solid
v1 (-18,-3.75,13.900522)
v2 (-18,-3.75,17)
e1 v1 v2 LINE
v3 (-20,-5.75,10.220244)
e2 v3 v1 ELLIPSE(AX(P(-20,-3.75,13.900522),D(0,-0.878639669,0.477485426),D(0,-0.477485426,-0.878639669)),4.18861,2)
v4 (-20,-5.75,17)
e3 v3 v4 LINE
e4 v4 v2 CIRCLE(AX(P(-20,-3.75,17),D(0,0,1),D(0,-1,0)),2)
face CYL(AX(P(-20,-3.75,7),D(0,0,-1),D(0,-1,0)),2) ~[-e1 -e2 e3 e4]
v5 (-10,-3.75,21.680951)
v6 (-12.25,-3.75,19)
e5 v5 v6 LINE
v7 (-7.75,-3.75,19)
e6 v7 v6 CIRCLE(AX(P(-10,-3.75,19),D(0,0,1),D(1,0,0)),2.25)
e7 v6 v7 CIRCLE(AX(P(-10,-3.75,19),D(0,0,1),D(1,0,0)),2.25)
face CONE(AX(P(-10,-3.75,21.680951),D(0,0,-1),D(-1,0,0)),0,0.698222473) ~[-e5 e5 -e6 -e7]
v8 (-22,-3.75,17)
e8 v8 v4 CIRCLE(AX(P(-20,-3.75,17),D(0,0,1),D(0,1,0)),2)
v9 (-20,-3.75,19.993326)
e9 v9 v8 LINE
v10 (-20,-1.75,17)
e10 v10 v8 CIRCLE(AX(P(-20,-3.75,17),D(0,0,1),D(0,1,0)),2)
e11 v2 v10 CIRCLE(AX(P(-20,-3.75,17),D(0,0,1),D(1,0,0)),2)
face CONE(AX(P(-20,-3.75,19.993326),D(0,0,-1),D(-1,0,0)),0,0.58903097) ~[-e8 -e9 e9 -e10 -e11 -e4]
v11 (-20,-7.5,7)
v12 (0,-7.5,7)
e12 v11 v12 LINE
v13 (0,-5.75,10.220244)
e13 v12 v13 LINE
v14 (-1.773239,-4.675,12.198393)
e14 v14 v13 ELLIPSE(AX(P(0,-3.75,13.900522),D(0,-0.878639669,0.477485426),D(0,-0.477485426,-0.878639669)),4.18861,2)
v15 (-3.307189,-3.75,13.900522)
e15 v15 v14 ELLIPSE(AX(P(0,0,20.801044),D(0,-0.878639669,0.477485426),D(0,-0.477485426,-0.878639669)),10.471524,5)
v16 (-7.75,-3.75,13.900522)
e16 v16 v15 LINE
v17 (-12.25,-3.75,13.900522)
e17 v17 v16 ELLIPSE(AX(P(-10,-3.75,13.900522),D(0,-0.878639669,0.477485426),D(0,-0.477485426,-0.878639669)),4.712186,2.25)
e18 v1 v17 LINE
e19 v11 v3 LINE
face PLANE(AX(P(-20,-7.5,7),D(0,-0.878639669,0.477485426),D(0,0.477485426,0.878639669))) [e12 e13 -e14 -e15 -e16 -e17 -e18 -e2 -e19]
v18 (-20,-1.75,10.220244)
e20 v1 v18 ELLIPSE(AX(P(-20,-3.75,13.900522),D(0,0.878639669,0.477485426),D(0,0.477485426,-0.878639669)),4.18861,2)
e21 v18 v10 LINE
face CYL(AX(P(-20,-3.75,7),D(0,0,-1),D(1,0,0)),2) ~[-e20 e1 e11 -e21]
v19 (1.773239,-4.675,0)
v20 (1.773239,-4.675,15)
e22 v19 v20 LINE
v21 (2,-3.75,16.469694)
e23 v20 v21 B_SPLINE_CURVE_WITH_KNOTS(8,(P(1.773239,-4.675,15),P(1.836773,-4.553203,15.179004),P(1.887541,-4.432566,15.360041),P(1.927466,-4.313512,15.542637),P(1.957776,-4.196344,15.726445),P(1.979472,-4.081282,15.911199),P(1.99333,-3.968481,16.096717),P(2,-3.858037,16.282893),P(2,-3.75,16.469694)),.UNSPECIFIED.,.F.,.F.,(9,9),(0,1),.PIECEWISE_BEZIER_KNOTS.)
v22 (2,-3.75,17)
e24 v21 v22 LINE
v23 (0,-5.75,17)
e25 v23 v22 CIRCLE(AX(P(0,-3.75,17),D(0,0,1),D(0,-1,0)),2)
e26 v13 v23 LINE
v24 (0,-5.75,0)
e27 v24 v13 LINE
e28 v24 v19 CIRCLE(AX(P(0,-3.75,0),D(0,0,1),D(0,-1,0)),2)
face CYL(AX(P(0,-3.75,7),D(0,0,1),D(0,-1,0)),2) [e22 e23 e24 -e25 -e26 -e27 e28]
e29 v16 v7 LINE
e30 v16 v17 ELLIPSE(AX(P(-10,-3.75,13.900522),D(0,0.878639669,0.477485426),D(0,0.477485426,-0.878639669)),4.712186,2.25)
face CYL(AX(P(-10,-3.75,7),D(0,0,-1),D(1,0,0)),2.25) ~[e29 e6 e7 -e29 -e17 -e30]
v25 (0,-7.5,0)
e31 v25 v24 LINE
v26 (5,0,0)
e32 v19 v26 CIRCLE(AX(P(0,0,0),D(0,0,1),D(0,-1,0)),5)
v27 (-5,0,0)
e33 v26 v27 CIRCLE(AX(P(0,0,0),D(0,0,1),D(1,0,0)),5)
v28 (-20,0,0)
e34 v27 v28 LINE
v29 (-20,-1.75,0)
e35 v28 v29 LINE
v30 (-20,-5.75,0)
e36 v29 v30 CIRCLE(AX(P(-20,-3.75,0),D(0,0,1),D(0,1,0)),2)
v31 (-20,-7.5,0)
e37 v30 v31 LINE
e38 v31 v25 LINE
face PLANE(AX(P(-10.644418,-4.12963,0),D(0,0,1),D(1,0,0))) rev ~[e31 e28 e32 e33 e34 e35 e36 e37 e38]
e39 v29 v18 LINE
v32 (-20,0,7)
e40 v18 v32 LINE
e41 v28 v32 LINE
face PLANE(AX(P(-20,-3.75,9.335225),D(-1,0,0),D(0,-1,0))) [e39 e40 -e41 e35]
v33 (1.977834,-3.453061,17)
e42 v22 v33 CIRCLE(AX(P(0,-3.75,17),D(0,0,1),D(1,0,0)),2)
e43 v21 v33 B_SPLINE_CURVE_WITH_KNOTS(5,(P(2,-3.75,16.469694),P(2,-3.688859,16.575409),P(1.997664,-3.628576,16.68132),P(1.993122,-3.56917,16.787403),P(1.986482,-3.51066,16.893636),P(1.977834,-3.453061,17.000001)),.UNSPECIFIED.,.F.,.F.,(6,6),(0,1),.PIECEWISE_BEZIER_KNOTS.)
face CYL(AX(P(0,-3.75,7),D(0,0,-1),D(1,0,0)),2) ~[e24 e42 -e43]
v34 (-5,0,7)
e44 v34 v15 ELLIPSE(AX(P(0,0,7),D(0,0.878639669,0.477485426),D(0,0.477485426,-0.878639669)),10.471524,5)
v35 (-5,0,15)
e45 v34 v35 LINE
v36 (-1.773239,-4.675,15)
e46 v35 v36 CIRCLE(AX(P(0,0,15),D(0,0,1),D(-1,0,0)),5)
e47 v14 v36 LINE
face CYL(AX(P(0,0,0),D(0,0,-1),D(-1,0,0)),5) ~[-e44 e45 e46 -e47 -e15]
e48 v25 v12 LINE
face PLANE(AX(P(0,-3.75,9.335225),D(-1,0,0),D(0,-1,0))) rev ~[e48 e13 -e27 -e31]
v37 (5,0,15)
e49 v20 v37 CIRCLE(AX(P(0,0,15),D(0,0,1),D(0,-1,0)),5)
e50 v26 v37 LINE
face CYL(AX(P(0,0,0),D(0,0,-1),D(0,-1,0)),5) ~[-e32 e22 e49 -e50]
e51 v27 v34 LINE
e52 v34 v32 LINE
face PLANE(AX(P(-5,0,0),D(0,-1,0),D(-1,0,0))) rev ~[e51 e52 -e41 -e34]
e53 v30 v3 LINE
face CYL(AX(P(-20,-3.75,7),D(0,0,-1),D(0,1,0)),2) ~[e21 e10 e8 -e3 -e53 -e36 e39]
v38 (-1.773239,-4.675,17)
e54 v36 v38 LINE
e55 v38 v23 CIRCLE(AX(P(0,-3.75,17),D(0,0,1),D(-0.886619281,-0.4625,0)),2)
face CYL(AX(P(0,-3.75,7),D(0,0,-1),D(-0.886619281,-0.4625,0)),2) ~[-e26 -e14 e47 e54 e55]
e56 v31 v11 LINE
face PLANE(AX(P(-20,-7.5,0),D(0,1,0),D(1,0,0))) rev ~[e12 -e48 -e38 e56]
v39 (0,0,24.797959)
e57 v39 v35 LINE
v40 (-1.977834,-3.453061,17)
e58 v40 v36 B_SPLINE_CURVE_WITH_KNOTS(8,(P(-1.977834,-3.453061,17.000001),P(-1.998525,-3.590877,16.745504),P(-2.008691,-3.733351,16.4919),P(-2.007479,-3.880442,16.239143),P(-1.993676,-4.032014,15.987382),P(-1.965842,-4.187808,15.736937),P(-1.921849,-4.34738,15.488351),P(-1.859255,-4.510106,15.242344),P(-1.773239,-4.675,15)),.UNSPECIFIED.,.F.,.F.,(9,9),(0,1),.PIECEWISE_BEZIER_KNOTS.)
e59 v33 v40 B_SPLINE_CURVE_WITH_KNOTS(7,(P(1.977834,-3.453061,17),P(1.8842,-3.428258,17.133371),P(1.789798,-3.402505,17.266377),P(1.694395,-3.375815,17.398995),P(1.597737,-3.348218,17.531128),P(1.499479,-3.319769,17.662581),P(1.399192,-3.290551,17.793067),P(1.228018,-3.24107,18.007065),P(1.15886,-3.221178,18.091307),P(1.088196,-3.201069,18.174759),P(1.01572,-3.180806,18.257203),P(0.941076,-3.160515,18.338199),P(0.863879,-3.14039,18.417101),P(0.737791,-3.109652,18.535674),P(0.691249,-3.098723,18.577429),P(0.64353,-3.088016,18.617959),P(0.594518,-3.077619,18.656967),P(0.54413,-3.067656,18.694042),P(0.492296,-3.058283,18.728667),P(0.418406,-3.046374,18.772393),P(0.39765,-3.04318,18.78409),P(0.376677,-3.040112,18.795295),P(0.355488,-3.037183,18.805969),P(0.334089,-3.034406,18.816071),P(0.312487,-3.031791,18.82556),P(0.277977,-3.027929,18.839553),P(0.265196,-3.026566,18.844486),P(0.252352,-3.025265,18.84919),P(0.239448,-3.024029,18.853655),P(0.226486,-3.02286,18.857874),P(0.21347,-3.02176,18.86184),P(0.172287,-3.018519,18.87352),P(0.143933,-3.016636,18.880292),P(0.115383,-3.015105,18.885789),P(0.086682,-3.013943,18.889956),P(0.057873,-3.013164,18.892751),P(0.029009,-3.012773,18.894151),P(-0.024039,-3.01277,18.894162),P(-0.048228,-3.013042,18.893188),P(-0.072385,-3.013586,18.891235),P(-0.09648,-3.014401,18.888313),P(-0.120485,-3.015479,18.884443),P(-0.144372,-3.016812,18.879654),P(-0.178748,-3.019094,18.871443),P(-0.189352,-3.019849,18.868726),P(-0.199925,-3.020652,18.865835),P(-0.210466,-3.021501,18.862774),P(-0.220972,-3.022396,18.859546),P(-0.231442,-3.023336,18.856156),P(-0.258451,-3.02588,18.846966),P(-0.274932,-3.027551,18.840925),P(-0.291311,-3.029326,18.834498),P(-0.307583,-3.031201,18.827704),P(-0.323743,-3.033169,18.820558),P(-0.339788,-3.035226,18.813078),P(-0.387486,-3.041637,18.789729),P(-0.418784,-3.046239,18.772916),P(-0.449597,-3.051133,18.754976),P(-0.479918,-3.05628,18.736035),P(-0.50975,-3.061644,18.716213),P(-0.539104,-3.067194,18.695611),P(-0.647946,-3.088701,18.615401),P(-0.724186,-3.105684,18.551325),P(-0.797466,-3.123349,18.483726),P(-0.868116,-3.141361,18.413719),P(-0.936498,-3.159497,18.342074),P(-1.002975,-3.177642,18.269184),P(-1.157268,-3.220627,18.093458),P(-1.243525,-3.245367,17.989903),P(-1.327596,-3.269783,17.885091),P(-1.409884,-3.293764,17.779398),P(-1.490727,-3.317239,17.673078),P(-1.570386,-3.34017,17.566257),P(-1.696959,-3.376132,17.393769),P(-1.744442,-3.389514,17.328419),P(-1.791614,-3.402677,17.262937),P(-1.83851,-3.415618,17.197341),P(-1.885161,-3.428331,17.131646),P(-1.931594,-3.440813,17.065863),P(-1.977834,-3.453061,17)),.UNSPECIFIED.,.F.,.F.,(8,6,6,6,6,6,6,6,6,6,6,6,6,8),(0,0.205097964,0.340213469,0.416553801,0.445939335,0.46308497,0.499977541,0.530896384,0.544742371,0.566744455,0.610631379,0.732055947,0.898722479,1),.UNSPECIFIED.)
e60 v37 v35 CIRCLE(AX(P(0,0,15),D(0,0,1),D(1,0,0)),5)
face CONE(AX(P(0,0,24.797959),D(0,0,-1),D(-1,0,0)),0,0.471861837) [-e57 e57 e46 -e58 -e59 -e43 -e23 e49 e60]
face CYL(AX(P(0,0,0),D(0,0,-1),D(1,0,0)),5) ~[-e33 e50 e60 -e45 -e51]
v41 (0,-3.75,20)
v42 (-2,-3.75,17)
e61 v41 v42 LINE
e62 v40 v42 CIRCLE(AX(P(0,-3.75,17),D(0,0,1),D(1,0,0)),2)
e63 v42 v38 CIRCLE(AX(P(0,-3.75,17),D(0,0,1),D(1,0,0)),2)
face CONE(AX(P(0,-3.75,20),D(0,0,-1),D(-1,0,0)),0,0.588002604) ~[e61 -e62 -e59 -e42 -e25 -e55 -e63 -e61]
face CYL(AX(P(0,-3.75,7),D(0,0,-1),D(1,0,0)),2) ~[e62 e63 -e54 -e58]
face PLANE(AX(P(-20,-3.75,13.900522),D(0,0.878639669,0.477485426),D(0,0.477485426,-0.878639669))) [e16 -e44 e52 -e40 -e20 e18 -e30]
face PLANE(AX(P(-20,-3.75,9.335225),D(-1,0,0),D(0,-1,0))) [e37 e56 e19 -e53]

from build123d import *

# Parameters (mm, degrees)
F1_DEPTH      = 15
F2_DEPTH      = 7
F6_DEPTH      = 10
F6_DEPTH_BACK = 7
F5_R          = 2.25
F7_DEPTH      = 12
F9_DEPTH      = 20


with BuildPart() as f1:
    # F0 (on Top) → F1 (new body)
    with BuildSketch(Plane.XY):
        with BuildLine():
            ThreePointArc((0, -5), (3.5355339059, -3.5355339059), (5, 0))
            ThreePointArc((5, 0), (0, 5), (-5, 0))
            Line((-5, 0), (0, 0))
            Line((0, 0), (0, -5))
        make_face()
        with BuildLine():
            Line((0, 0), (-5, 0))
            ThreePointArc((-5, 0), (-3.5355339059, -3.5355339059), (0, -5))
            Line((0, -5), (0, 0))
        make_face()
    extrude(amount=F1_DEPTH)

    # F0 (on Top) → F2 (join)
    with BuildSketch(Plane.XY):
        with BuildLine():
            ThreePointArc((0, -5), (-3.5355339059, -3.5355339059), (-5, 0))
            Line((-5, 0), (-20, 0))
            Line((-20, 0), (-20, -7.5))
            Line((-20, -7.5), (0, -7.5))
            Line((0, -7.5), (0, -5))
        make_face()
    extrude(amount=F2_DEPTH)

    # F3 (on Front) → F4 (revolve)
    with BuildSketch(Plane.XZ):
        Polygon((0, 24.7979589711), (-5, 15), (0, 15), align=None)
    revolve(axis=Axis((0, 0, 19.8989794856), (0, 0, -1)))

    # F5 (on face) → F6 (join, two sides)
    with BuildSketch(Plane.XY.offset(7)) as f6_sk:
        with BuildLine():
            ThreePointArc((0, -5), (-0.9013878189, -4.9180788932), (-1.7732385626, -4.675))
            ThreePointArc((-1.7732385626, -4.675), (-1.0368220677, -5.4602631376), (0, -5.75))
            Line((0, -5.75), (0, -5))
        make_face()
        with BuildLine():
            ThreePointArc((2, -3.75), (-0.4761947473, -1.8075174228), (-1.7732385626, -4.675))
            ThreePointArc((-1.7732385626, -4.675), (-0.9013878189, -4.9180788932), (0, -5))
            Line((0, -5), (0, -5.75))
            ThreePointArc((0, -5.75), (1.4142135624, -5.1642135624), (2, -3.75))
        make_face()
        with BuildLine():
            Line((-20, -5.75), (-20, -1.75))
            ThreePointArc((-20, -1.75), (-22, -3.75), (-20, -5.75))
        make_face()
        with BuildLine():
            ThreePointArc((-20, -5.75), (-18.5857864376, -5.1642135624), (-18, -3.75))
            ThreePointArc((-18, -3.75), (-18.5857864376, -2.3357864376), (-20, -1.75))
            Line((-20, -1.75), (-20, -5.75))
        make_face()
    extrude(amount=F6_DEPTH)
    extrude(f6_sk.sketch, amount=-F6_DEPTH_BACK)

    # F5 (on face) → F7 (join)
    with BuildSketch(Plane.XY.offset(7)):
        with Locations((-10, -3.75)):
            Circle(F5_R)
    extrude(amount=F7_DEPTH)

    # F8 (on face) → F9 (join, through all)
    with BuildSketch(Plane(origin=(-20, 0, 0), x_dir=(0, -1, 0), z_dir=(-1, 0, 0))):
        Polygon((3.75, 13.9005221426), (0, 7), (1.75, 7), (5.75, 7), (7.5, 7), align=None)
    extrude(amount=-F9_DEPTH)

    # F11 (on face) → F12 (revolve)
    with BuildSketch(Plane.XZ.offset(3.75)):
        Polygon((-20, 19.9933259094), (-22, 17), (-20, 17), align=None)
    revolve(axis=Axis((-20, -3.75, 18.7693270892), (0, 0, 1)))

    # F11 (on face) → F13 (revolve)
    with BuildSketch(Plane.XZ.offset(3.75)):
        Polygon((-10, 21.6809513237), (-12.25, 19), (-10, 19), align=None)
    revolve(axis=Axis((-10, -3.75, 21.5624834672), (0, 0, 1)))

    # F11 (on face) → F14 (revolve)
    with BuildSketch(Plane.XZ.offset(3.75)):
        Polygon((0, 20), (-2, 17), (0, 17), align=None)
    revolve(axis=Axis((0, -3.75, 19.2562113553), (0, 0, 1)))


solid = f1.part
